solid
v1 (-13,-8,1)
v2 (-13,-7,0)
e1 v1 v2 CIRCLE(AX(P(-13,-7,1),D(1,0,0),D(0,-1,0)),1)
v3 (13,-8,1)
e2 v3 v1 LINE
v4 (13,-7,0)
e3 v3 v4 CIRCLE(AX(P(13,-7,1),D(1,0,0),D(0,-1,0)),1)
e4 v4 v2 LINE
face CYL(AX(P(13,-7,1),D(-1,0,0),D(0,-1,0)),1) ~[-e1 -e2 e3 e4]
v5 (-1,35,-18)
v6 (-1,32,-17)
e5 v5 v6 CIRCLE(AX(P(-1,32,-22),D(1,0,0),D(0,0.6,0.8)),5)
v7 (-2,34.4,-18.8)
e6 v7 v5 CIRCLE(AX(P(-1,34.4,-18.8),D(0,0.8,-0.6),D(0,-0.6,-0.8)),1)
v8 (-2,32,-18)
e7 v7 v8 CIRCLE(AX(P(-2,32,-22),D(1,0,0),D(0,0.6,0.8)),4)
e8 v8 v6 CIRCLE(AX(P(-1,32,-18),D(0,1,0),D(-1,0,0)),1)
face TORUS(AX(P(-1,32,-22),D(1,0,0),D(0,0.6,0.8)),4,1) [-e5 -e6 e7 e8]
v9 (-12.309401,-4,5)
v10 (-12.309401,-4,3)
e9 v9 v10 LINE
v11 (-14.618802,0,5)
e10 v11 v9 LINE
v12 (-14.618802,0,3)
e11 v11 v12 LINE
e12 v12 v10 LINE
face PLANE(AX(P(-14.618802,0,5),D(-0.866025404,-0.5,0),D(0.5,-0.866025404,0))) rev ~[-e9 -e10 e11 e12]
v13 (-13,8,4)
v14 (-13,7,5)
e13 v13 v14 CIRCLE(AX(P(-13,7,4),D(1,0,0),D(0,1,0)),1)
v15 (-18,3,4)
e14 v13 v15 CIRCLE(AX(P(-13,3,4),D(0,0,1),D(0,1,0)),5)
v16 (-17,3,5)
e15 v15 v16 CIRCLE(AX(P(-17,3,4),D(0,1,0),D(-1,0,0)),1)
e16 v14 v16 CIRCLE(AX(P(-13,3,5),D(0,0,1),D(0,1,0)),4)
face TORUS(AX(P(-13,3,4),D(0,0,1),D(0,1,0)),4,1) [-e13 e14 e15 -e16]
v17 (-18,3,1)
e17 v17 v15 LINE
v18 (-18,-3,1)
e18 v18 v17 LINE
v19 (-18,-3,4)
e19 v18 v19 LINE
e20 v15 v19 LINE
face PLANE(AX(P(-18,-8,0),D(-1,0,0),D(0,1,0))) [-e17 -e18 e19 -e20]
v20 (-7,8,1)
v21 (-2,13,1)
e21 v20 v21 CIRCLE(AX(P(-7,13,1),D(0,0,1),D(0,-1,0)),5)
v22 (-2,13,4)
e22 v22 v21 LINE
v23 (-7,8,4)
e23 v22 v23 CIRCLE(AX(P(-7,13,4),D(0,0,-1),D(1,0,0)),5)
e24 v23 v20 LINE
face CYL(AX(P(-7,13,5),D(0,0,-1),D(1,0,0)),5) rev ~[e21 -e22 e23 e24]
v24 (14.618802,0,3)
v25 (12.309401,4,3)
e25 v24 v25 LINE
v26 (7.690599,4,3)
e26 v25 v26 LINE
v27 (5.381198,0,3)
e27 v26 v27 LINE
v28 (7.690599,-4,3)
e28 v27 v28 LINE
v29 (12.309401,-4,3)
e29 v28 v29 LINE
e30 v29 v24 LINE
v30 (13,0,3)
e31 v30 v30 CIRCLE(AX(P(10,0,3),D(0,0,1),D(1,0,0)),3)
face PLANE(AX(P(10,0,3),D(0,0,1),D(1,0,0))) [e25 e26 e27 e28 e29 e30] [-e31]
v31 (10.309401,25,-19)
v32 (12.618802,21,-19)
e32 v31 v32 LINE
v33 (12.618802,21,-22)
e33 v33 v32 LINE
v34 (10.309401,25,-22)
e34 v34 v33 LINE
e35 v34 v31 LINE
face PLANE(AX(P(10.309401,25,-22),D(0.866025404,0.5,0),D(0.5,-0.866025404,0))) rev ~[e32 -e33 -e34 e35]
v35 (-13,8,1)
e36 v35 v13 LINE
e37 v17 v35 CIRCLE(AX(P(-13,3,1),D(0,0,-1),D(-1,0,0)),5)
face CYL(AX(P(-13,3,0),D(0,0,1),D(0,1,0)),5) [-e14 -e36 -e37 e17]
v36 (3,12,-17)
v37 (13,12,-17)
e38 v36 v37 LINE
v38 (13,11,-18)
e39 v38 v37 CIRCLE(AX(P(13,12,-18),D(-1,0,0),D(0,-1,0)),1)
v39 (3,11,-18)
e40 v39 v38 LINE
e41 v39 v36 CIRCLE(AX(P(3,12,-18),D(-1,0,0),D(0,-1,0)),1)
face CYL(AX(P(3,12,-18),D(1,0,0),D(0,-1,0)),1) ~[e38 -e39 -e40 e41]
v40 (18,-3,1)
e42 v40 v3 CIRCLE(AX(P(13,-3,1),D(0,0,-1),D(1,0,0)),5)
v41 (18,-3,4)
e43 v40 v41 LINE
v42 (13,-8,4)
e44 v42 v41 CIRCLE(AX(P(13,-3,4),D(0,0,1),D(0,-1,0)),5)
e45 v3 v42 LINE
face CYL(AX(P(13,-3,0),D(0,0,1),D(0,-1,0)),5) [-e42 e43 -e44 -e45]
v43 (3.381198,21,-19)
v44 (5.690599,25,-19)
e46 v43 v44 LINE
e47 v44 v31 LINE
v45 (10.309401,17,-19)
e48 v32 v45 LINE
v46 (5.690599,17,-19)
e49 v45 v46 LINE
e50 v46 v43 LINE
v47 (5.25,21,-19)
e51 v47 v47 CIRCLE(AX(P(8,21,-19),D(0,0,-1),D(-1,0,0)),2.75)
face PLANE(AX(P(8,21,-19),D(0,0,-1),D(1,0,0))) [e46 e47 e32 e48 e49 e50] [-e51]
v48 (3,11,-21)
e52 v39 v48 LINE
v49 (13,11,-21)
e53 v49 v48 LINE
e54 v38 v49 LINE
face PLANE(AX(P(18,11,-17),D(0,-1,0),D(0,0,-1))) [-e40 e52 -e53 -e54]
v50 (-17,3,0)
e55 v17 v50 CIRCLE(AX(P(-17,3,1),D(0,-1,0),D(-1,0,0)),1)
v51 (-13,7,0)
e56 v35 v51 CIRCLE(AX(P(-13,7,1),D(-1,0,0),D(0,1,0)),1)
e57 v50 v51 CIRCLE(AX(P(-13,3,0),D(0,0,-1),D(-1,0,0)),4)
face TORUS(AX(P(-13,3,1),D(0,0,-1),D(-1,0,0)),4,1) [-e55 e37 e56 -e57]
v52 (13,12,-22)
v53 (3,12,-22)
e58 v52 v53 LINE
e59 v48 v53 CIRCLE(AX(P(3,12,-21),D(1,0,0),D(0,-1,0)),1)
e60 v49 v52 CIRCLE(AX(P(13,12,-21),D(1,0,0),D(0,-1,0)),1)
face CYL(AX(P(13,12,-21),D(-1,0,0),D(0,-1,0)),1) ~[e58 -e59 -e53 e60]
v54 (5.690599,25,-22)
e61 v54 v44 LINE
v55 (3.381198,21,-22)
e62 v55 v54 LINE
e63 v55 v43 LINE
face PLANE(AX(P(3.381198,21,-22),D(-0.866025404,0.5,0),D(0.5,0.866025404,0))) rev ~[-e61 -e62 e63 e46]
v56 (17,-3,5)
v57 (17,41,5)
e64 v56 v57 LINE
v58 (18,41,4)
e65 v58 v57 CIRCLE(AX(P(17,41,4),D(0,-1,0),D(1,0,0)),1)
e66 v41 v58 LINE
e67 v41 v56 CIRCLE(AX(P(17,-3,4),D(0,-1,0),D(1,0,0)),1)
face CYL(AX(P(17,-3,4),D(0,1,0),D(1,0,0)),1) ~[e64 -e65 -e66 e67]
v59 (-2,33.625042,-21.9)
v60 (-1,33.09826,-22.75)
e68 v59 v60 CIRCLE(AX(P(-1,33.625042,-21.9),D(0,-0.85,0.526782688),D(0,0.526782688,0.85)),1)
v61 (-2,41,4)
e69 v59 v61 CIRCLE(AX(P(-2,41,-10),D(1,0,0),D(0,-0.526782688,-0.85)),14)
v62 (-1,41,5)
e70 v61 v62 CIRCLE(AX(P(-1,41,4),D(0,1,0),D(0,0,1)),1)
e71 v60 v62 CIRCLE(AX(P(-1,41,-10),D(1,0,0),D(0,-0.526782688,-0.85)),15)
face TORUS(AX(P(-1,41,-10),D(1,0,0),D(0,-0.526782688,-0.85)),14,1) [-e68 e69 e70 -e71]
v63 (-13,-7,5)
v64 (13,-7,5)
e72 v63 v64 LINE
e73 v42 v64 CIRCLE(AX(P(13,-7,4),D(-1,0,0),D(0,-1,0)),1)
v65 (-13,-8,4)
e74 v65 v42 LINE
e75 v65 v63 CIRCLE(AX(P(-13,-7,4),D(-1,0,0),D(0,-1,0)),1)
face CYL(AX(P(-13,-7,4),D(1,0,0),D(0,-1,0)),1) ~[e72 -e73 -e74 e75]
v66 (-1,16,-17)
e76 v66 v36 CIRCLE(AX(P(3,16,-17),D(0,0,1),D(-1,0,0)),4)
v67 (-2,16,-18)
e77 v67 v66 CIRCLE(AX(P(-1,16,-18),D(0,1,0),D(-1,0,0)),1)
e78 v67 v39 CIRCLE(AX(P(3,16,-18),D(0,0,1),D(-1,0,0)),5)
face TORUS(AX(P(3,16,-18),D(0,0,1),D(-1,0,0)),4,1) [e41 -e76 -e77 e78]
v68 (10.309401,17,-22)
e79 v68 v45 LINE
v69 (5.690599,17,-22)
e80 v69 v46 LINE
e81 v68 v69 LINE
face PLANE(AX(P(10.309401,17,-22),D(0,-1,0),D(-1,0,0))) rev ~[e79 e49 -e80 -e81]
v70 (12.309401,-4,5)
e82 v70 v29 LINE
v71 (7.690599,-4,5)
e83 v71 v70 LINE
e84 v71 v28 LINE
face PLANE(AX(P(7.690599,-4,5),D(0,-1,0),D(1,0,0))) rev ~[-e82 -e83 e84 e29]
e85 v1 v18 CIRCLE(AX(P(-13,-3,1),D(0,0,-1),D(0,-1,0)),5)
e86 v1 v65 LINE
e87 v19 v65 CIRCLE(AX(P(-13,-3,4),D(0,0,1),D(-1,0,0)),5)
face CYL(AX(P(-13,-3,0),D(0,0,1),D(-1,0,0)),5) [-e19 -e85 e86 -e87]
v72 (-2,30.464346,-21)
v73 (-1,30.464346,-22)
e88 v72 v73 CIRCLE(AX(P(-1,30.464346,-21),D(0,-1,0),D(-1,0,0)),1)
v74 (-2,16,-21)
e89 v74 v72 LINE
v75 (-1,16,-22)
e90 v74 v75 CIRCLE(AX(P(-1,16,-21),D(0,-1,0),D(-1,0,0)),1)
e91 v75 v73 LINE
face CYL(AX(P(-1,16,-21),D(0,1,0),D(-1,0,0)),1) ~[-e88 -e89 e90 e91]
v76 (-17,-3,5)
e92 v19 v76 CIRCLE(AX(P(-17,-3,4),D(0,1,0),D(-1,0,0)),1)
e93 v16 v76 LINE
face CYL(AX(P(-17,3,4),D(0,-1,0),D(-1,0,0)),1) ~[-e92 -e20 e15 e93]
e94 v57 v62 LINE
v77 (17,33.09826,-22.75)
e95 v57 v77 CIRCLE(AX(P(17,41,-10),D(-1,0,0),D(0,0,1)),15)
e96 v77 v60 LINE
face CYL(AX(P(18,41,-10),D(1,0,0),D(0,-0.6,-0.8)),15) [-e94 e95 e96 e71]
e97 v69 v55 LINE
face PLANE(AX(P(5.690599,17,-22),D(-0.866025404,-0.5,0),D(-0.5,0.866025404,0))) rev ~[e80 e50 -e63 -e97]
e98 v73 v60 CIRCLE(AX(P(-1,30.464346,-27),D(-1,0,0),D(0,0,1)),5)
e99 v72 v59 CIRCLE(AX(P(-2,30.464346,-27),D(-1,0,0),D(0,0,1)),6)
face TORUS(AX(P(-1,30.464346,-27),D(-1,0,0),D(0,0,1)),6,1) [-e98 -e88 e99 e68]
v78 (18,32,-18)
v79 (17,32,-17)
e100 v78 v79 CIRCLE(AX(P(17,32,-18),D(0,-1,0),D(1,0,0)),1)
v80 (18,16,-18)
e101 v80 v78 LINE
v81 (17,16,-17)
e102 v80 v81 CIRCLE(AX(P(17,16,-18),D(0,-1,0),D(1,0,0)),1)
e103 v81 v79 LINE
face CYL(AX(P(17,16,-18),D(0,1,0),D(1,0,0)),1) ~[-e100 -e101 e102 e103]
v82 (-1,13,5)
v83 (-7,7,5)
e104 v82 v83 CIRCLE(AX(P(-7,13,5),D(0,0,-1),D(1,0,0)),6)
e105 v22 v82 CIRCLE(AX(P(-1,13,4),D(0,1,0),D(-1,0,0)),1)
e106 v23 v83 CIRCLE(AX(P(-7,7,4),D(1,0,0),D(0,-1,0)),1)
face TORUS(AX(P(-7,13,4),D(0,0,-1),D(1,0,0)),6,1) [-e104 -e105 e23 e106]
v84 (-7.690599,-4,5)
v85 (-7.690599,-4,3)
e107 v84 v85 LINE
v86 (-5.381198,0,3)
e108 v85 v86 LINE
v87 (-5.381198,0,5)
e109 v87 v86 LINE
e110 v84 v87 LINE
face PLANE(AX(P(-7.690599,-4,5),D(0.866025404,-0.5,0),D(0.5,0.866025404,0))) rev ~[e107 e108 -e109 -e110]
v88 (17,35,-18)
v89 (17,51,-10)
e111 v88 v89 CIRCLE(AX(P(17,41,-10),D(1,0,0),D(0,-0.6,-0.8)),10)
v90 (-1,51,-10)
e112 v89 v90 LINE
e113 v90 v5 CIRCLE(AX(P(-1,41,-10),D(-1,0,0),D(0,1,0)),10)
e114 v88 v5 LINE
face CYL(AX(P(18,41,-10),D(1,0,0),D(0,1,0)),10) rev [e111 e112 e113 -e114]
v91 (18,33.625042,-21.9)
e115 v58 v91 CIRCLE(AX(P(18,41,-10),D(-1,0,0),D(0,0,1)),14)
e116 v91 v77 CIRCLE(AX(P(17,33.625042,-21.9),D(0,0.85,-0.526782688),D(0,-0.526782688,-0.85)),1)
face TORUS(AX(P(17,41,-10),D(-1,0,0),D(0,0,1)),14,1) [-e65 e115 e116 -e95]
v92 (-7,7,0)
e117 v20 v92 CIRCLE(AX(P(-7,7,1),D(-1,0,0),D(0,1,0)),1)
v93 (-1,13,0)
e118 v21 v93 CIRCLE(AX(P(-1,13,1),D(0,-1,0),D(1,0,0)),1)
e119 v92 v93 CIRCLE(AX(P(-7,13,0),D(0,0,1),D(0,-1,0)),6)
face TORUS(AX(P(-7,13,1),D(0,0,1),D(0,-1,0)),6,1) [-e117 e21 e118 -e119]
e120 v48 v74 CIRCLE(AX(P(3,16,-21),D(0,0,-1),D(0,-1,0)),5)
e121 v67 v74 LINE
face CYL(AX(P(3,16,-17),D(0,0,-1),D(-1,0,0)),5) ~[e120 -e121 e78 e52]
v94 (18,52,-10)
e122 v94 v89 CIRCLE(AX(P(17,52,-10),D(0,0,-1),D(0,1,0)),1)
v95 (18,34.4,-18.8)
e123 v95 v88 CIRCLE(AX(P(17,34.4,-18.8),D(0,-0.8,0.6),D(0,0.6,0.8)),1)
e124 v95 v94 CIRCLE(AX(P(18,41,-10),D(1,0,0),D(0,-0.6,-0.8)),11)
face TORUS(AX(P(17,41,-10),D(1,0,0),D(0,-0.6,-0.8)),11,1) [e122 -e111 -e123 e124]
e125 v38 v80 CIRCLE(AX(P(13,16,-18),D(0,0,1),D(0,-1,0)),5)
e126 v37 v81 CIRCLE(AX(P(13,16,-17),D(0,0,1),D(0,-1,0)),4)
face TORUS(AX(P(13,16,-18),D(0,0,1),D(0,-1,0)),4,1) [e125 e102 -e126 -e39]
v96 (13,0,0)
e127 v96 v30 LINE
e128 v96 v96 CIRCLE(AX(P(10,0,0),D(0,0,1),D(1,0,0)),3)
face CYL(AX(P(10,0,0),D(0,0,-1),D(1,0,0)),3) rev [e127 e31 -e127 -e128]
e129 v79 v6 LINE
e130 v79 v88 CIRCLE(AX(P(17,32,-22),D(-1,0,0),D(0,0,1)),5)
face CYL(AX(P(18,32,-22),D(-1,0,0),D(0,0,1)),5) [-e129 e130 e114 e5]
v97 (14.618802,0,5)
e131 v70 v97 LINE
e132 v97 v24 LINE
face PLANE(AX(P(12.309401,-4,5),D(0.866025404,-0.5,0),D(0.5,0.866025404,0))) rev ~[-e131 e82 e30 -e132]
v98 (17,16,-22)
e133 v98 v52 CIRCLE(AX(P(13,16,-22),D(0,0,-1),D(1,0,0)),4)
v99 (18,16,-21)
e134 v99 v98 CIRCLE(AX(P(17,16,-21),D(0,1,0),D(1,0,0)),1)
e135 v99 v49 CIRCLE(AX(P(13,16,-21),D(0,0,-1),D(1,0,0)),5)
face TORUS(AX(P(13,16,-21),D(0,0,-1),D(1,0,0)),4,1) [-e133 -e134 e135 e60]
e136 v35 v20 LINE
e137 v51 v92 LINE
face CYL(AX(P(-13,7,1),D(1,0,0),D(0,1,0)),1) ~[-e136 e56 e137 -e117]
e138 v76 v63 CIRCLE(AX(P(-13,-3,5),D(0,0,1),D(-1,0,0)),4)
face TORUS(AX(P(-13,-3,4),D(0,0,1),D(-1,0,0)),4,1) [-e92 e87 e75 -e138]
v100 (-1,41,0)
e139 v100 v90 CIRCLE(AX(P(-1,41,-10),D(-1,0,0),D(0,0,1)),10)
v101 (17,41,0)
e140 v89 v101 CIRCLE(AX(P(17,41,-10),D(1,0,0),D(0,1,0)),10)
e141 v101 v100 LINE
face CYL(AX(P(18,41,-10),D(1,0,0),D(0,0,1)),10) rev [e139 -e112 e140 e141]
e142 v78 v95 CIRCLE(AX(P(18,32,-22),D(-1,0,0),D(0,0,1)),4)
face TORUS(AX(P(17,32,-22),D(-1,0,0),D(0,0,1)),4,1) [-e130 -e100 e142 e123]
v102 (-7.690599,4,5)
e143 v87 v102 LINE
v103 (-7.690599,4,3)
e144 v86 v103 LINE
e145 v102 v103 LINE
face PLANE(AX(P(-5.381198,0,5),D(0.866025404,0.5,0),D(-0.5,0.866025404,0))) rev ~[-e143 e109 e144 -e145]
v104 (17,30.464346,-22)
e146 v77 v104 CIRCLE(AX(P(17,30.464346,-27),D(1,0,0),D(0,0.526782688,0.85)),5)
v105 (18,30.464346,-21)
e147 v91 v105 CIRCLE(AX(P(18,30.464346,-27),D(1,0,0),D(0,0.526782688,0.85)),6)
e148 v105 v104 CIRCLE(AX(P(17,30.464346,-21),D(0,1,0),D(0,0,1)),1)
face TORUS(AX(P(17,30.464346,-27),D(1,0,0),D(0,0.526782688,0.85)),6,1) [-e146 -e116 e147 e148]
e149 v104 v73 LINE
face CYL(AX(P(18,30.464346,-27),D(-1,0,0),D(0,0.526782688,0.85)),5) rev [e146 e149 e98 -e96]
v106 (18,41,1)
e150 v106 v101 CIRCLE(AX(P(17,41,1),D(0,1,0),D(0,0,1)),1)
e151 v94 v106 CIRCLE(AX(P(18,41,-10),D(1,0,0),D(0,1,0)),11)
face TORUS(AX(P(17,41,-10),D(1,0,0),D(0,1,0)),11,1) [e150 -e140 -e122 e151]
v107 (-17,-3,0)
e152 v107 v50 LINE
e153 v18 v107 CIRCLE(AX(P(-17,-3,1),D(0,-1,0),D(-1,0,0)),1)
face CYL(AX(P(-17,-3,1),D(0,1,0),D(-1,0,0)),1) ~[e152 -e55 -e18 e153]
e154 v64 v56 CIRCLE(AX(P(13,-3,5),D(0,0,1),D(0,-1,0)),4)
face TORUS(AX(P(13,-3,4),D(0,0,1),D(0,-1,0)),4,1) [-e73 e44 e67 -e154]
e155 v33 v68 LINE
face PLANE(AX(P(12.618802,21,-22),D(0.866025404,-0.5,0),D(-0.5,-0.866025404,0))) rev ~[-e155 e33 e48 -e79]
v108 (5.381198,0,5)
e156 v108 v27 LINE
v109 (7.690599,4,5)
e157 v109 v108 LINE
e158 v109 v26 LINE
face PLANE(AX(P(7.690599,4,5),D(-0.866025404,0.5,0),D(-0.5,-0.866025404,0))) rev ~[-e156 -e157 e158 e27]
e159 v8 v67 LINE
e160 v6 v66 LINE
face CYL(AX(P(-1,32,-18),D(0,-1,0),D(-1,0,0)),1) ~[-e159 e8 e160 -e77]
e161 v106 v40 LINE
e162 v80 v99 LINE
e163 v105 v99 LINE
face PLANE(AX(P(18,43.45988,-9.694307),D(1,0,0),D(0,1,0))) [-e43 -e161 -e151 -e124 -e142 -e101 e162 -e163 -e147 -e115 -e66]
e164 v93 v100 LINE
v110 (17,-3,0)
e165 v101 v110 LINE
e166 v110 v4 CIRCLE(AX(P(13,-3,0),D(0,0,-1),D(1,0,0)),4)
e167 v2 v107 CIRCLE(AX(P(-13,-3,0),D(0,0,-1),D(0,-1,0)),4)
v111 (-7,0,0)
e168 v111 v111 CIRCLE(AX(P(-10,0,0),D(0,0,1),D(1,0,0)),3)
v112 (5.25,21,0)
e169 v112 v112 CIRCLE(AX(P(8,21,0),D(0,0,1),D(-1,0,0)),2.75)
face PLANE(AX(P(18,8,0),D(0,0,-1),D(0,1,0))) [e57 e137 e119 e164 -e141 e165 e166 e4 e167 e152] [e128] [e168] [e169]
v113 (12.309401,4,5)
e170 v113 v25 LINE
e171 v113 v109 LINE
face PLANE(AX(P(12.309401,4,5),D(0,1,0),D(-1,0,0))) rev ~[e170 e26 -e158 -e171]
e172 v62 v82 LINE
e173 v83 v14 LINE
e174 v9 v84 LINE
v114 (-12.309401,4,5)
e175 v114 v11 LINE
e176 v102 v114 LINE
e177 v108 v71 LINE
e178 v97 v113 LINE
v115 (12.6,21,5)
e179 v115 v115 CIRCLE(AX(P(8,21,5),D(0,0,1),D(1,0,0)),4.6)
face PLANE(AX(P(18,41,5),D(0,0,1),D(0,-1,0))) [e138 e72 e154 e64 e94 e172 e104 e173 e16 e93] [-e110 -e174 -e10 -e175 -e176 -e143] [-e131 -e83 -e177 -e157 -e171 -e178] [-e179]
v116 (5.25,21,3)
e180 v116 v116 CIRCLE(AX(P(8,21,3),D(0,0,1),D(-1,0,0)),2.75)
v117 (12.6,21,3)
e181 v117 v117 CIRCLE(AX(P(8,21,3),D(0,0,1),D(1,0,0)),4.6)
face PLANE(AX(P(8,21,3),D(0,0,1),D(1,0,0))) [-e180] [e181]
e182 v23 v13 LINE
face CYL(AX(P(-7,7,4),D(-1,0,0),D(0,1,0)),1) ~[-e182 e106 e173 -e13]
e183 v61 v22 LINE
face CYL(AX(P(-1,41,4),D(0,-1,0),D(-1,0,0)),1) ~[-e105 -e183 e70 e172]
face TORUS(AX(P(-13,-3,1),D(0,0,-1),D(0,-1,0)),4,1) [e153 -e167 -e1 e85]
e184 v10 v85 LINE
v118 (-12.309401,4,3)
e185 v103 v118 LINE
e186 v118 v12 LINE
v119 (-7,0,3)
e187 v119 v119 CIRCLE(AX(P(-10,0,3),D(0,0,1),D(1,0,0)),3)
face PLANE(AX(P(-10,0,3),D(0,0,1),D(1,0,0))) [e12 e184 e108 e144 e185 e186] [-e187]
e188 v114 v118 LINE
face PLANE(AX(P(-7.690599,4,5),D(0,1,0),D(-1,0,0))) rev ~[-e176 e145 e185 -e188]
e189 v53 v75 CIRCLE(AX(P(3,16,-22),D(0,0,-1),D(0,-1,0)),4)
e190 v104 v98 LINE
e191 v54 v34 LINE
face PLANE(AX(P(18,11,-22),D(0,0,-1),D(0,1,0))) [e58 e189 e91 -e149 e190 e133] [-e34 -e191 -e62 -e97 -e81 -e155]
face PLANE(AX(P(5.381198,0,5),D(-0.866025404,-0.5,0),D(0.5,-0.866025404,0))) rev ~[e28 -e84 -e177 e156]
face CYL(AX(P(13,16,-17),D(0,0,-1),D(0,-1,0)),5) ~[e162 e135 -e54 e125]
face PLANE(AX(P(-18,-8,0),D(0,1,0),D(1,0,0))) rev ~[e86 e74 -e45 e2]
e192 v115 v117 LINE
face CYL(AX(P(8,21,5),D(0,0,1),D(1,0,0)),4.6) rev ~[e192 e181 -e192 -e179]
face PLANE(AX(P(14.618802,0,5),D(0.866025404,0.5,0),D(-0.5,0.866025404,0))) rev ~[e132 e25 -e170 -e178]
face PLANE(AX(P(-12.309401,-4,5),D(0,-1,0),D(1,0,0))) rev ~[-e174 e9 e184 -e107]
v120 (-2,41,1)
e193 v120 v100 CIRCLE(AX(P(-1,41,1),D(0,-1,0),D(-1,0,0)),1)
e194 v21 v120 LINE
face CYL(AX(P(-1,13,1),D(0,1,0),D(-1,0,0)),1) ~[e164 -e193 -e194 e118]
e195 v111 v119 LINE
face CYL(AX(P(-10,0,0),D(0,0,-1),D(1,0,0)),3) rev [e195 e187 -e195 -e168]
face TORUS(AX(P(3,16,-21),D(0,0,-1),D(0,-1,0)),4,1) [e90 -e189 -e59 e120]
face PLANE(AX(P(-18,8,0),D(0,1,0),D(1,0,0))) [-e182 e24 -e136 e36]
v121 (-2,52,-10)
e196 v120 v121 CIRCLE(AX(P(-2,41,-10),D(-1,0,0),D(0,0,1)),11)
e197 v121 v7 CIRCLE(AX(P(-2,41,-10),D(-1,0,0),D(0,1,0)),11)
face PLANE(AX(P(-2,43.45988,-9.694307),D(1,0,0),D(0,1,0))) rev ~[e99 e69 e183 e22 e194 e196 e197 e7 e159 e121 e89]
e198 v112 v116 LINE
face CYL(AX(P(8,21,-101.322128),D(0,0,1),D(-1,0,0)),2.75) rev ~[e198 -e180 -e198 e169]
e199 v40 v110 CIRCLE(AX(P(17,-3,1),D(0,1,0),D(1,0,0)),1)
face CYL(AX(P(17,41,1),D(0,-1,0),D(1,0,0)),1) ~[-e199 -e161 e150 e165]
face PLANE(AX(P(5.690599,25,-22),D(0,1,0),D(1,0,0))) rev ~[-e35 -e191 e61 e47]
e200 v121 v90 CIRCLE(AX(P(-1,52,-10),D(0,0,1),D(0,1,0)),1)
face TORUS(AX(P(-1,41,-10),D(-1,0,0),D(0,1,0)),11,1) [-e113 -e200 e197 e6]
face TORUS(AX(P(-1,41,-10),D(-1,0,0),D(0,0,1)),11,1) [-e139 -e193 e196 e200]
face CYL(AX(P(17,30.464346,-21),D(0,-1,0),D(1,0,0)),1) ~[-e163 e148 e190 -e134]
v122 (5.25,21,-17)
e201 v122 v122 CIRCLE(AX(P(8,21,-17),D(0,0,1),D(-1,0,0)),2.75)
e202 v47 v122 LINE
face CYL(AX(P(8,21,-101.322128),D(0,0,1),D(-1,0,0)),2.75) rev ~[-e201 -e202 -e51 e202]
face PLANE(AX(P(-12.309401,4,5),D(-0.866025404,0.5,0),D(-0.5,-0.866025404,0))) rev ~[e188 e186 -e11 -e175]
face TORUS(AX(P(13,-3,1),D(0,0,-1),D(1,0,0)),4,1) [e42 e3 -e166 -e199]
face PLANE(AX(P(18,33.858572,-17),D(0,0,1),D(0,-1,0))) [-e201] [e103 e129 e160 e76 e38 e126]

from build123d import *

# Parameters (mm, degrees)
F0_W      = 36
F0_H      = 16
F0_R      = 3
F1_DEPTH  = 5
F2_R      = 3
F3_DEPTH  = 2
F6_DEPTH  = 20
F8_D      = 5.5
F9_R      = 2.75
F10_DEPTH = 3
F11_R     = 4.6
F11_R_2   = 2.75
F12_DEPTH = 2
F13_R     = 5
F14_R     = 1


with BuildPart() as f1:
    # F0 (on Top) → F1 (new body)
    with BuildSketch(Plane.XY):
        Rectangle(F0_W, F0_H)
        with Locations((-10, 0)):
            Circle(F0_R, mode=Mode.SUBTRACT)
        with Locations((10, 0)):
            Circle(F0_R, mode=Mode.SUBTRACT)
    extrude(amount=F1_DEPTH)

    # F2 (on face) → F3 (cut)
    with BuildSketch(Plane.XY.offset(5)):
        Polygon((12.3094010768, 4), (7.6905989232, 4), (5.3811978465, 0), (7.6905989232, -4), (12.3094010768, -4), (14.6188021535, 0), align=None)
        with Locations((10, 0)):
            Circle(F2_R, mode=Mode.SUBTRACT)
        Polygon((-7.6905989232, 4), (-12.3094010768, 4), (-14.6188021535, 0), (-12.3094010768, -4), (-7.6905989232, -4), (-5.3811978465, 0), align=None)
        with Locations((-10, 0)):
            Circle(F2_R, mode=Mode.SUBTRACT)
    extrude(amount=-F3_DEPTH, mode=Mode.SUBTRACT)

    # F5 (on offset) → F6 (join)
    with BuildSketch(Plane.YZ.offset(18)):
        with BuildLine():
            ThreePointArc((41, 0), (48.0710678119, -2.9289321881), (51, -10))
            ThreePointArc((51, -10), (44.7805896177, -19.2578151927), (33.8585715715, -17))
            Line((33.8585715715, -17), (33.8585715715, -22))
            Line((33.8585715715, -22), (32, -22))
            ThreePointArc((32, -22), (47.7082039325, -23.416407865), (56, -10))
            ThreePointArc((56, -10), (51.6066017178, 0.6066017178), (41, 5))
            ThreePointArc((41, 5), (34.876275643, 3.6930639376), (29.8196601125, 0))
            Line((29.8196601125, 0), (41, 0))
        make_face()
        with BuildLine():
            Line((33.8585715715, -22), (33.8585715715, -17))
            Line((33.8585715715, -17), (27.7335008386, -17))
            ThreePointArc((27.7335008386, -17), (29.5895115693, -19.7365678642), (32, -22))
            Line((32, -22), (33.8585715715, -22))
        make_face()
        with BuildLine():
            ThreePointArc((32, -22), (29.5895115693, -19.7365678642), (27.7335008386, -17))
            Line((27.7335008386, -17), (11, -17))
            Line((11, -17), (11, -22))
            Line((11, -22), (32, -22))
        make_face()
        with BuildLine():
            Line((8, 0), (29.8196601125, 0))
            ThreePointArc((29.8196601125, 0), (34.876275643, 3.6930639376), (41, 5))
            Line((41, 5), (8, 5))
            Line((8, 5), (8, 0))
        make_face()
    extrude(amount=-F6_DEPTH)

    # F8 (through all)
    with Locations(Plane(origin=(0, 0, -22), x_dir=(1, 0, 0), z_dir=(0, 0, -1))):
        with Locations((8, -21)):
            Hole(F8_D / 2)

    # F9 (on face) → F10 (cut)
    with BuildSketch(Plane(origin=(0, 0, -22), x_dir=(1, 0, 0), z_dir=(0, 0, -1))):
        Polygon((10.3094010768, -17), (5.6905989232, -17), (3.3811978465, -21), (5.6905989232, -25), (10.3094010768, -25), (12.6188021535, -21), align=None)
        with Locations((8, -21)):
            Circle(F9_R, mode=Mode.SUBTRACT)
    extrude(amount=-F10_DEPTH, mode=Mode.SUBTRACT)

    # F11 (on face) → F12 (cut)
    with BuildSketch(Plane.XY.offset(5)):
        with Locations((8, 21)):
            Circle(F11_R)
        with Locations((8, 21)):
            Circle(F11_R_2, mode=Mode.SUBTRACT)
    extrude(amount=-F12_DEPTH, mode=Mode.SUBTRACT)

    # F13
    f13_edges = [f1.edges().sort_by_distance(p)[0] for p in [
        (-2, 8, 2.5),
        (-18, 8, 2.5),
        (-18, -8, 2.5),
        (18, -8, 2.5),
        (8, 33.858572, -17),
        (8, 32, -22),
        (-2, 11, -19.5),
        (18, 11, -19.5),
    ]]
    fillet(f13_edges, radius=F13_R)

    # F14
    f14_edges = [f1.edges().sort_by_distance(p)[0] for p in [
        (-2, 24, -17),
        (-2, 23.232173, -22),
    ]]
    fillet(f14_edges, radius=F14_R)


solid = f1.part
